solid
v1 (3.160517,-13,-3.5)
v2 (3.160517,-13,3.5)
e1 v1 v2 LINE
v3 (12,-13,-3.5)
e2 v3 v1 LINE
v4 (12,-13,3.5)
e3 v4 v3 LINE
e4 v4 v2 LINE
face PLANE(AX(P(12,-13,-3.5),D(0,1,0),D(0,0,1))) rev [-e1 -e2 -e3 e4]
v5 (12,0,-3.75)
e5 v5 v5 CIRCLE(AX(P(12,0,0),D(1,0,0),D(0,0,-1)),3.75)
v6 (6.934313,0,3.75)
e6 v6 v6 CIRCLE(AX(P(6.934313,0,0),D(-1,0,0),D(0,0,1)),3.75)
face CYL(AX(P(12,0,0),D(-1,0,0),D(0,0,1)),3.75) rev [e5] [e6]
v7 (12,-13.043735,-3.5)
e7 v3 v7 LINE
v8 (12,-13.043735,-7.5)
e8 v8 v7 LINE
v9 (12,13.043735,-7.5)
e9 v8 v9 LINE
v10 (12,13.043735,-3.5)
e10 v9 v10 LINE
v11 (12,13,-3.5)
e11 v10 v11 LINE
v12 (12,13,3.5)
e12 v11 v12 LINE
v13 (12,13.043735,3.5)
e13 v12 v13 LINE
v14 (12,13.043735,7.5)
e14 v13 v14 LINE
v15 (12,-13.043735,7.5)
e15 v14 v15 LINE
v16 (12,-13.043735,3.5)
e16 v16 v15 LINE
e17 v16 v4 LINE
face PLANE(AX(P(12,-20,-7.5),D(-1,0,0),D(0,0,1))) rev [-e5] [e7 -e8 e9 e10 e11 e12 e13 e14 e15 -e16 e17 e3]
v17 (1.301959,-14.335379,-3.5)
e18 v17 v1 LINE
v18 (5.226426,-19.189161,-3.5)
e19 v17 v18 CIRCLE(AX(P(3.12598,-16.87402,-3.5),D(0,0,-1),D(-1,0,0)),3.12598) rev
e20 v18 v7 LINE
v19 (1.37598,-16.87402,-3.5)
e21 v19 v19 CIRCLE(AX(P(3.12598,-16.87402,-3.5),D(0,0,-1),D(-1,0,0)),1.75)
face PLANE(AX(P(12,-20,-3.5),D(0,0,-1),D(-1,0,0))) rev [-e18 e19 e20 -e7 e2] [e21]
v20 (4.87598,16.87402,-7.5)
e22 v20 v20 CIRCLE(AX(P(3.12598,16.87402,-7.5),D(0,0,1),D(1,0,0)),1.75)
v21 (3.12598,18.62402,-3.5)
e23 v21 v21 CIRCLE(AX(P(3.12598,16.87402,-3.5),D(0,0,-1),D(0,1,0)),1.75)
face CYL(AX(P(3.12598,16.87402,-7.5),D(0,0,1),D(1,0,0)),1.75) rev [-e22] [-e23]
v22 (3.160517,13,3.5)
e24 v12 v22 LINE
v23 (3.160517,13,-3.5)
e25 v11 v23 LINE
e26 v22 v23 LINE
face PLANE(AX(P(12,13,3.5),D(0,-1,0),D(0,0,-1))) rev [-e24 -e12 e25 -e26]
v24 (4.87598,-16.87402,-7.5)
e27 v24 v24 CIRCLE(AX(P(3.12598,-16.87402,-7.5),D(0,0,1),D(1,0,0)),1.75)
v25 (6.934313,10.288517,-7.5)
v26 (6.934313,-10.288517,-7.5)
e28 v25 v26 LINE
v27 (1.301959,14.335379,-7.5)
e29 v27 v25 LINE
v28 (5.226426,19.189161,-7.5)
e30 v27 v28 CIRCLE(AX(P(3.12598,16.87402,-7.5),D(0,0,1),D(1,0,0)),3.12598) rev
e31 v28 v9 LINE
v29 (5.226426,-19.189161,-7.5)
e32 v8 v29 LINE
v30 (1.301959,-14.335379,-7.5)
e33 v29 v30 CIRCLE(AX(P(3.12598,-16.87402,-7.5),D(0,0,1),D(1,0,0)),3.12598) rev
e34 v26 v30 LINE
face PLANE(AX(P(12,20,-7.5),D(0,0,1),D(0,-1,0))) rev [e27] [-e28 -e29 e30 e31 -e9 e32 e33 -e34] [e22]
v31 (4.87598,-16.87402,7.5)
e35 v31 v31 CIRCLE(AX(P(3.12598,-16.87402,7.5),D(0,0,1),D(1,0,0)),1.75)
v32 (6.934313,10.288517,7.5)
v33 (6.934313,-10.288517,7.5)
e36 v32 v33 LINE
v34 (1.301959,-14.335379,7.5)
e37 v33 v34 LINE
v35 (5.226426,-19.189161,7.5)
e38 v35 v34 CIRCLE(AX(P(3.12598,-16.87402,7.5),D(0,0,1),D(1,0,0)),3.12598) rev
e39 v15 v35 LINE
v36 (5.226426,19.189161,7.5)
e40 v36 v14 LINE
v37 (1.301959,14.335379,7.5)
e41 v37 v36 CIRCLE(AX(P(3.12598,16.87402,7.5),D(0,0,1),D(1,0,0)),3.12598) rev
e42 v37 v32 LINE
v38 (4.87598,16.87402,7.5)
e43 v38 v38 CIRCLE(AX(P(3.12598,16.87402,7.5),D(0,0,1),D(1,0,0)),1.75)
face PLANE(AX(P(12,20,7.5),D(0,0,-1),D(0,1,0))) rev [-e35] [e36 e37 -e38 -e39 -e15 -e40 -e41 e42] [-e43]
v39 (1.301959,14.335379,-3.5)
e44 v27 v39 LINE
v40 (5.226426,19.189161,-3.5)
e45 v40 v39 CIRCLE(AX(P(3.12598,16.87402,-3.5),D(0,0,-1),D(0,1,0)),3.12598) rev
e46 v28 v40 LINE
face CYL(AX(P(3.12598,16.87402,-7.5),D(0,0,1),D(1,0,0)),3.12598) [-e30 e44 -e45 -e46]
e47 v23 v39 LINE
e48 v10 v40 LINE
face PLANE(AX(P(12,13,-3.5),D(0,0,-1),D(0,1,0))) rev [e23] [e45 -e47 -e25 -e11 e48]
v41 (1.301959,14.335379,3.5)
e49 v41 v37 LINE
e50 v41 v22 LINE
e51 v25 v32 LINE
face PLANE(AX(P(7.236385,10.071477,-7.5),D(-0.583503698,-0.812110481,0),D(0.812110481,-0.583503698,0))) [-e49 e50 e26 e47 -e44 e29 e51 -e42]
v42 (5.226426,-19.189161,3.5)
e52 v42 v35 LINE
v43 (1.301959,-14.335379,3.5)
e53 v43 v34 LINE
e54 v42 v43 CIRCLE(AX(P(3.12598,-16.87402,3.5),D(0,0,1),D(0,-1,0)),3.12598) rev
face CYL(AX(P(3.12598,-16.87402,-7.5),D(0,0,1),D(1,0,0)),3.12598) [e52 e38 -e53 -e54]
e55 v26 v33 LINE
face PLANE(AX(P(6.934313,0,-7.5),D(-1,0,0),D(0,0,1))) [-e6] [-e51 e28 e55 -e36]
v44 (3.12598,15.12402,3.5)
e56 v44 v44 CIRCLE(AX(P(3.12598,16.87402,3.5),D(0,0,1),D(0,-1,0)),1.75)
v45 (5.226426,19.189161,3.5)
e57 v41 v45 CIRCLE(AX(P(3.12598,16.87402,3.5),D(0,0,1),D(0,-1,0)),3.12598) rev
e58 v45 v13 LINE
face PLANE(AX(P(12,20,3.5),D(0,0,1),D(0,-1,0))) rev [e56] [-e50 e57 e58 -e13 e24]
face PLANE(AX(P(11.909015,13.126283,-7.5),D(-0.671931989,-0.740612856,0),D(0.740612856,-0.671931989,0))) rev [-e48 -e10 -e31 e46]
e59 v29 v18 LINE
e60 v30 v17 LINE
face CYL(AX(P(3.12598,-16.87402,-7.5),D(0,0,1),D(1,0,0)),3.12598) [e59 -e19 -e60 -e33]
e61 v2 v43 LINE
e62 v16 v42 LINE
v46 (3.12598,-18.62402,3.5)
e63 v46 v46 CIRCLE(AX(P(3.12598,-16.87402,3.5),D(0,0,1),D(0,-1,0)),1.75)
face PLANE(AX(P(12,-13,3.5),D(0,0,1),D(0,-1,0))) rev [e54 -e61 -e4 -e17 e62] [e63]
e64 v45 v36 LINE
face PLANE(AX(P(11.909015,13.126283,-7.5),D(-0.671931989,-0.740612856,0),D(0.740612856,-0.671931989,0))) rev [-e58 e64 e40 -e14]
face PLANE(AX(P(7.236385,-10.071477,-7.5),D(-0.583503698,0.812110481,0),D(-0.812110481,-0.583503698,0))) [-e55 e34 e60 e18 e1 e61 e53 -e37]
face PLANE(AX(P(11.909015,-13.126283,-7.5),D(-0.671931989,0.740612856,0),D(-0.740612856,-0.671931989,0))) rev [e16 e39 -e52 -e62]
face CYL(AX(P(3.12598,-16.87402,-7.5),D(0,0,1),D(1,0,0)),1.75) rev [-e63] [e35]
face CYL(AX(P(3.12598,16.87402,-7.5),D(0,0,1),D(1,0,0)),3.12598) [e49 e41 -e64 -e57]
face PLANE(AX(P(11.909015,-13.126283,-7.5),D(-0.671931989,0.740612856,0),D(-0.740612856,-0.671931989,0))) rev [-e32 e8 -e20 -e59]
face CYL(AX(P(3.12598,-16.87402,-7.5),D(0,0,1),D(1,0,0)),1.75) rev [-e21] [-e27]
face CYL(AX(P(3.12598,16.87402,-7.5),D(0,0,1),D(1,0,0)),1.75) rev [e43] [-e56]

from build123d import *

# Parameters (mm, degrees)
SKETCH1_R           = 3.75
BOSS_EXTRUDE1_DEPTH = 12
SKETCH2_R           = 1.75
CUT_EXTRUDE1_DEPTH  = 16


with BuildPart() as part:
    # Sketch1 → Boss-Extrude1 (new body)
    with BuildSketch(Plane(origin=(0, 0, 0), x_dir=(0, 0, -1), z_dir=(1, 0, 0))):
        Polygon((-7.5, 20), (-3.5, 20), (-3.5, 13), (3.5, 13), (3.5, 20), (7.5, 20), (7.5, -20), (3.5, -20), (3.5, -13), (-3.5, -13), (-3.5, -20), (-7.5, -20), align=None)
        Circle(SKETCH1_R, mode=Mode.SUBTRACT)
    extrude(amount=BOSS_EXTRUDE1_DEPTH)

    # Sketch2 → Cut-Extrude1 (cut, through all)
    with BuildSketch(Plane.XY.offset(7.5)):
        with BuildLine():
            ThreePointArc((1.301959033, 14.335379208), (0.344469259, 15.447503856), (0, 16.874020182))
            Line((0, 16.874020182), (0, -16.874020197))
            ThreePointArc((0, -16.874020197), (0.344469255, -15.447503862), (1.301959033, -14.335379208))
            Line((1.301959033, -14.335379208), (6.934312509, -10.288517163))
            Line((6.934312509, -10.288517163), (6.934312509, 10.288517163))
            Line((6.934312509, 10.288517163), (1.301959033, 14.335379208))
        make_face()
        with BuildLine():
            ThreePointArc((0, 16.874020182), (0.915578291, 19.084421709), (3.125979818, 20))
            Line((3.125979818, 20), (0, 20))
            Line((0, 20), (0, 16.874020182))
        make_face()
        with Locations((3.125979818, 16.874020182)):
            Circle(SKETCH2_R)
        with BuildLine():
            ThreePointArc((3.125979818, 20), (4.251738736, 19.790253486), (5.226425655, 19.189161021))
            Line((5.226425655, 19.189161021), (8.613212827, 16.116448166))
            Line((8.613212827, 16.116448166), (12, 13.043735311))
            Line((12, 13.043735311), (12, 20))
            Line((12, 20), (3.125979818, 20))
        make_face()
        with BuildLine():
            Line((12, -20), (12, -13.043735311))
            Line((12, -13.043735311), (8.613212827, -16.116448166))
            Line((8.613212827, -16.116448166), (5.226425655, -19.189161021))
            ThreePointArc((5.226425655, -19.189161021), (4.251738736, -19.790253486), (3.125979818, -20))
            Line((3.125979818, -20), (12, -20))
        make_face()
        with BuildLine():
            ThreePointArc((3.125979818, -20), (0.915578296, -19.084421715), (0, -16.874020197))
            Line((0, -16.874020197), (0, -20))
            Line((0, -20), (3.125979818, -20))
        make_face()
        with Locations((3.125979818, -16.874020182)):
            Circle(SKETCH2_R)
    extrude(amount=-CUT_EXTRUDE1_DEPTH, mode=Mode.SUBTRACT)


solid = part.part
